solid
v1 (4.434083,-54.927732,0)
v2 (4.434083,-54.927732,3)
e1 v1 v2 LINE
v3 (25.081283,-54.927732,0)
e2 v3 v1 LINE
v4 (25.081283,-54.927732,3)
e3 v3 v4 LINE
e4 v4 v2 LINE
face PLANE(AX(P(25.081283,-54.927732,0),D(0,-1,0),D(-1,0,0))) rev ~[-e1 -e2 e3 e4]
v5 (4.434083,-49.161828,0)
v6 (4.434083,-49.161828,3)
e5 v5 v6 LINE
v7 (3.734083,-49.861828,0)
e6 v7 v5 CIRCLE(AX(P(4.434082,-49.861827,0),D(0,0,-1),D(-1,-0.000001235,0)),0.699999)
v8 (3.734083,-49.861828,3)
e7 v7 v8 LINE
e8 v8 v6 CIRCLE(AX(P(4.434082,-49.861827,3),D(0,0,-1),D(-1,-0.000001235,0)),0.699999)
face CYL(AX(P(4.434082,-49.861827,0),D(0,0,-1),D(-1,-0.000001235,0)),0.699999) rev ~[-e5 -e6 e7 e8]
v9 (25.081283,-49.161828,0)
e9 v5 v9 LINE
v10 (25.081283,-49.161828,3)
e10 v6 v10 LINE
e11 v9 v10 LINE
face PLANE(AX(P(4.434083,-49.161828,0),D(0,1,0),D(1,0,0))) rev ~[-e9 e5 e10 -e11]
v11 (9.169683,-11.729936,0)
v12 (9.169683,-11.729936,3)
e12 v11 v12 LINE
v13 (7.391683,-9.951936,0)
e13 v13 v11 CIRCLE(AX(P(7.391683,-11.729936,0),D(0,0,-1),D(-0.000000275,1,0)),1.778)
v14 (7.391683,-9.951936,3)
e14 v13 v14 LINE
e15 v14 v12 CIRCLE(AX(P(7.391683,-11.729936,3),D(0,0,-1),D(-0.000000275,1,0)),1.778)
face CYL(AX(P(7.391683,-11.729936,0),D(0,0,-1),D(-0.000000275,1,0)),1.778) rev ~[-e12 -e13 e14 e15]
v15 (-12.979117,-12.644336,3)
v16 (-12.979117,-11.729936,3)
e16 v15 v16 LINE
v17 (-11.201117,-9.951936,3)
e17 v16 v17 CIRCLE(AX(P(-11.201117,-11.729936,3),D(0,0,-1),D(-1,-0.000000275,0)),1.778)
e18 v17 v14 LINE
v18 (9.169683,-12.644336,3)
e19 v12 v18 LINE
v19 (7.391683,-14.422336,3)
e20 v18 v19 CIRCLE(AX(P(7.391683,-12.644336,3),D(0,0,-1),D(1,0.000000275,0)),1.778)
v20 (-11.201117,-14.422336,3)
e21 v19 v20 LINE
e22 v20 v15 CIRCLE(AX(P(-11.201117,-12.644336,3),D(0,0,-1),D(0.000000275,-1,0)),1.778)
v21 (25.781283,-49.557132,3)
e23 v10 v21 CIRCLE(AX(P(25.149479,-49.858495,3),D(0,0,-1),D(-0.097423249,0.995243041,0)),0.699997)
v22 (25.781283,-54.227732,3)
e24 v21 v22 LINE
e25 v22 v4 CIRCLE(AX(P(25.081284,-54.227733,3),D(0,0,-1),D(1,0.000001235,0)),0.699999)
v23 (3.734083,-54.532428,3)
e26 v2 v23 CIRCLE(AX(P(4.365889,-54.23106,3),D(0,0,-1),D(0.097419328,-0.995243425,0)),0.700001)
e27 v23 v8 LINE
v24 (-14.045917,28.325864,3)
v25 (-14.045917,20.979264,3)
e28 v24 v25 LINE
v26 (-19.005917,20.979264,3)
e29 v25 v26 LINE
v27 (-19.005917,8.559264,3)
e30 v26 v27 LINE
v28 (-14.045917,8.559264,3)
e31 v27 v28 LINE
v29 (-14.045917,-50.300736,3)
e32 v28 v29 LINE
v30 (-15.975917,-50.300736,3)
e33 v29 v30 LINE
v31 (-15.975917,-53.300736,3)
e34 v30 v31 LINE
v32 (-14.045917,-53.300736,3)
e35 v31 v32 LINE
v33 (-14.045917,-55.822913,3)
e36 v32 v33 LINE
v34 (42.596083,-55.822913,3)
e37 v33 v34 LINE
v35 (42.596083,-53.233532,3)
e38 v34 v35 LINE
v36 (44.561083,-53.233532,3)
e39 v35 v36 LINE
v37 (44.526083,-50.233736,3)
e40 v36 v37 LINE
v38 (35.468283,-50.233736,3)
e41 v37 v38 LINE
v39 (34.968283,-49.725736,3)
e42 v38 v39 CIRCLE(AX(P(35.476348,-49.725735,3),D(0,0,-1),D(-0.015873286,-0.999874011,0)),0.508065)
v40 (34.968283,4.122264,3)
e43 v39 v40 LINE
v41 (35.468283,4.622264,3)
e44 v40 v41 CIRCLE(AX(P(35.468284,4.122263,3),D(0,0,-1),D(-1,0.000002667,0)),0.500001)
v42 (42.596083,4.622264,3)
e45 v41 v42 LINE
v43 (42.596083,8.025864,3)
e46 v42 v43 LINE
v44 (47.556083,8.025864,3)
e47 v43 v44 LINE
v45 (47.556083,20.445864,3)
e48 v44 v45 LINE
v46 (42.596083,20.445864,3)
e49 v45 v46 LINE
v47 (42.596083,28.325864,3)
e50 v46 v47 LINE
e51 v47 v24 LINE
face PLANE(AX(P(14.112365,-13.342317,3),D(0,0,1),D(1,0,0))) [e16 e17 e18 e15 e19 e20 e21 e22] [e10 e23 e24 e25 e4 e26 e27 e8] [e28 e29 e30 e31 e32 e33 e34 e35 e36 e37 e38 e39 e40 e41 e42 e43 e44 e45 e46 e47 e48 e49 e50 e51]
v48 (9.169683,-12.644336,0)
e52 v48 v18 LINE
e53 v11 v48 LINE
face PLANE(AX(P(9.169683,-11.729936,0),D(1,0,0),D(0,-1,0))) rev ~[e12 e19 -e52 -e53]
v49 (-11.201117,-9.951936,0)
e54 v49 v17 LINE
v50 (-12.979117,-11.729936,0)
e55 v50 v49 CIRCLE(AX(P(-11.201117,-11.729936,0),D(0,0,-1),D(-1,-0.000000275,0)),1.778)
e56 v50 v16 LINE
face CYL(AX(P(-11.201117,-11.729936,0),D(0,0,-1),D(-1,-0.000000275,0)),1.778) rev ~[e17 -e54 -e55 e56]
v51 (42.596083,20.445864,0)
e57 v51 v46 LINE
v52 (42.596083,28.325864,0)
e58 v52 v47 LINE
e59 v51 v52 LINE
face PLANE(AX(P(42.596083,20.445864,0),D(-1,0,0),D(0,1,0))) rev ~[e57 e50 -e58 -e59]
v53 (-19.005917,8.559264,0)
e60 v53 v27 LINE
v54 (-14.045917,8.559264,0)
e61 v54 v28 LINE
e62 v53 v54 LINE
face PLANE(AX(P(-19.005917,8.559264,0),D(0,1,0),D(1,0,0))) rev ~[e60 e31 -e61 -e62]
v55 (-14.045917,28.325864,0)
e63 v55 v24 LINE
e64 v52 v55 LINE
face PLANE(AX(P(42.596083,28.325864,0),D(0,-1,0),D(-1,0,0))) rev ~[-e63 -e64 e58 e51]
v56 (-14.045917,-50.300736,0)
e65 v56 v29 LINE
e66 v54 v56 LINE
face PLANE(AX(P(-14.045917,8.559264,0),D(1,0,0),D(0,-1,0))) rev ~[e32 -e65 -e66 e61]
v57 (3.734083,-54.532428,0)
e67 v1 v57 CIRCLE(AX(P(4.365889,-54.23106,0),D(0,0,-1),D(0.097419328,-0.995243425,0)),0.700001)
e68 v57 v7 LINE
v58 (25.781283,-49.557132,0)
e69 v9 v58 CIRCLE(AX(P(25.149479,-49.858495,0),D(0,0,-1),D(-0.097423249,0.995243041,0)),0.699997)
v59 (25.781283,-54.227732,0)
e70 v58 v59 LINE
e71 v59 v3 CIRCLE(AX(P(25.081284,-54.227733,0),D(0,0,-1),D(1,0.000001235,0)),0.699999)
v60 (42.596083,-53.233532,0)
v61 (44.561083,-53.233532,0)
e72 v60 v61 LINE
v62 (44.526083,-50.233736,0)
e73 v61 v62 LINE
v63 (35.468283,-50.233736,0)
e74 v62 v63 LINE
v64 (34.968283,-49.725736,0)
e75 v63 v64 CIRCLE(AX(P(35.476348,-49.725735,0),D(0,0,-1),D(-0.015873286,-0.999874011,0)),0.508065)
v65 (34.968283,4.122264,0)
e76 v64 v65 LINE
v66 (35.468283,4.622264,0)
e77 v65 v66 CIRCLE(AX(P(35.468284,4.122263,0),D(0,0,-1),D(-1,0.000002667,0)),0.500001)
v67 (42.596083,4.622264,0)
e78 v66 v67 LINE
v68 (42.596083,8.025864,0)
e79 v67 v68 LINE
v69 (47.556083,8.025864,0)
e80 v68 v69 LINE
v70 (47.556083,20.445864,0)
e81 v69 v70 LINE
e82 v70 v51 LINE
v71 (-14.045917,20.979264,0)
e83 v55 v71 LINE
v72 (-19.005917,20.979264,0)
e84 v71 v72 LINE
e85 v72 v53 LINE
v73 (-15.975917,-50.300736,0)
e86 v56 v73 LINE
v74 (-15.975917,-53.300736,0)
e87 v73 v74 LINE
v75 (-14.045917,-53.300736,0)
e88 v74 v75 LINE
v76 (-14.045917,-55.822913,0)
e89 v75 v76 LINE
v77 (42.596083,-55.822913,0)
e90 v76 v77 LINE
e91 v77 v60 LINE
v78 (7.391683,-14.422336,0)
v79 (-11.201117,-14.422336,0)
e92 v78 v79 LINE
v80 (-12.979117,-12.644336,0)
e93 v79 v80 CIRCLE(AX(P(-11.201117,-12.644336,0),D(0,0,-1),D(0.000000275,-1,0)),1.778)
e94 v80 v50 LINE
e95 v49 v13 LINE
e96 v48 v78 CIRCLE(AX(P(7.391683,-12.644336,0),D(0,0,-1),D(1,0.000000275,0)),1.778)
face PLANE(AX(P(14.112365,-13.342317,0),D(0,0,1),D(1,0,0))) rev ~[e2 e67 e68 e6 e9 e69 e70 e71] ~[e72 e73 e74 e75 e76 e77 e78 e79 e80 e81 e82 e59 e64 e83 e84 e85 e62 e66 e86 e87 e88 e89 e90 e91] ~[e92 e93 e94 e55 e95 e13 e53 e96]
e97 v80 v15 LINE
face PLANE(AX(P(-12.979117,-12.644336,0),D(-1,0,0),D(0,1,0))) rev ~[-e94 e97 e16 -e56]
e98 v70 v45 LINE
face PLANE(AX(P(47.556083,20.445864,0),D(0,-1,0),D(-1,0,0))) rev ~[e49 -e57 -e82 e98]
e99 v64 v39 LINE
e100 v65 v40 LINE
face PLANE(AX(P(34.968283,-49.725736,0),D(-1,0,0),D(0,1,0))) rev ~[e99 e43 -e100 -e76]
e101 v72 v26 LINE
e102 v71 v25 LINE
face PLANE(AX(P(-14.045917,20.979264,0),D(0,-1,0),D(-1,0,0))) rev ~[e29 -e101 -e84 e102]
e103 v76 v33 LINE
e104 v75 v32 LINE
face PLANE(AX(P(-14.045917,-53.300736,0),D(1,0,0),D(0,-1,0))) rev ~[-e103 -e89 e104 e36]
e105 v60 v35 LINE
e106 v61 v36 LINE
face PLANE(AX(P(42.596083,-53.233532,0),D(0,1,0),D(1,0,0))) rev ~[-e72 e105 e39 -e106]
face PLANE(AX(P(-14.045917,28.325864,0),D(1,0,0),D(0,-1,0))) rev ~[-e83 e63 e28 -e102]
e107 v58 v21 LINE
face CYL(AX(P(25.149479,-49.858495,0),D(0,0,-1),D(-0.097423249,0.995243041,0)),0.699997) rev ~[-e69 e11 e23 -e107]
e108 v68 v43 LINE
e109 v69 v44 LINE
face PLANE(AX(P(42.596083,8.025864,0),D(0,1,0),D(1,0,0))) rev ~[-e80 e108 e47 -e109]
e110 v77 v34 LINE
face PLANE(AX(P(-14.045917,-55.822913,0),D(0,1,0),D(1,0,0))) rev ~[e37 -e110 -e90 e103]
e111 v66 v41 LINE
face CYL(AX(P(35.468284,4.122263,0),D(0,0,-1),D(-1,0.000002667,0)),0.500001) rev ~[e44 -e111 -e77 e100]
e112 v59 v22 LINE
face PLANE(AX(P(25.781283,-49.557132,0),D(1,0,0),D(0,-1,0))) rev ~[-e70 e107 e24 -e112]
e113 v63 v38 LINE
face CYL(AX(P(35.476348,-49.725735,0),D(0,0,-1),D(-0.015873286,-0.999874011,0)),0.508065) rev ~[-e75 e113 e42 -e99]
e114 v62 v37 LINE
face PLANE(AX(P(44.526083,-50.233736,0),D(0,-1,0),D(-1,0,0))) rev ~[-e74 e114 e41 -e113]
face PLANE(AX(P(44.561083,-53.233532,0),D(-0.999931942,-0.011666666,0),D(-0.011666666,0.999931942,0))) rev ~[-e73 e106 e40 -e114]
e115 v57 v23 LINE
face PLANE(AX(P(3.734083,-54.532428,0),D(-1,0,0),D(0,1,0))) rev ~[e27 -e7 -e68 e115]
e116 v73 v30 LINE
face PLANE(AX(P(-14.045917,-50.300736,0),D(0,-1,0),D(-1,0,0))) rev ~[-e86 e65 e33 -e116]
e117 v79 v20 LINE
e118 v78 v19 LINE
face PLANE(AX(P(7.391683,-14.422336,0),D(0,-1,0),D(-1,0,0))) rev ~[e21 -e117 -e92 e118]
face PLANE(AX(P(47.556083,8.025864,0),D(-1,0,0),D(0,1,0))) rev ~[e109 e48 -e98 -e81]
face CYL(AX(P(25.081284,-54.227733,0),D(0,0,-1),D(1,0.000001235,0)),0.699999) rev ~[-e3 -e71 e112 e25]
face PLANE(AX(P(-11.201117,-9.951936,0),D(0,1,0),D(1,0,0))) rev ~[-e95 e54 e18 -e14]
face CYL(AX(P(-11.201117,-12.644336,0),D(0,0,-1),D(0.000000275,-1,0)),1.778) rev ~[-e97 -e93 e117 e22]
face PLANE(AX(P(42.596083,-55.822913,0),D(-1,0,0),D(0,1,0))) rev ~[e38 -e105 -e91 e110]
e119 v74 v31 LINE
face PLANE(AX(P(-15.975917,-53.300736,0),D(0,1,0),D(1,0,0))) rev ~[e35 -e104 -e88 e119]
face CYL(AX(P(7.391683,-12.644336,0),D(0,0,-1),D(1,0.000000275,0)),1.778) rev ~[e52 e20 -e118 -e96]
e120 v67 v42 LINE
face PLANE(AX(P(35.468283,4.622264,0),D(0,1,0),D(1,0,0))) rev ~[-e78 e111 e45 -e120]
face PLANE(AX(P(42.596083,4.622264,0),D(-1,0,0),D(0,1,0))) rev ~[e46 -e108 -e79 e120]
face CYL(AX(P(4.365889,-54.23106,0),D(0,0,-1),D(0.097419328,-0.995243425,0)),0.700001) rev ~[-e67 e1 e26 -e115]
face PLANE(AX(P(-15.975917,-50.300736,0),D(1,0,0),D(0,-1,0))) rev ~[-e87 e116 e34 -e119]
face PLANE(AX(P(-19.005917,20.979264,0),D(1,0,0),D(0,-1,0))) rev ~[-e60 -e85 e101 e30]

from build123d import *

# Parameters (mm, degrees)
F1_DEPTH = 3


with BuildPart() as f1:
    # F0 (on Top) → F1 (new body)
    with BuildSketch(Plane.XY):
        with BuildLine():
            Line((42.596083, 28.325864), (-14.045917, 28.325864))
            Line((-14.045917, 28.325864), (-14.045917, 20.979264))
            Line((-14.045917, 20.979264), (-19.005917, 20.979264))
            Line((-19.005917, 20.979264), (-19.005917, 8.559264))
            Line((-19.005917, 8.559264), (-14.045917, 8.559264))
            Line((-14.045917, 8.559264), (-14.045917, -50.300736))
            Line((-14.045917, -50.300736), (-15.975917, -50.300736))
            Line((-15.975917, -50.300736), (-15.975917, -53.300736))
            Line((-15.975917, -53.300736), (-14.045917, -53.300736))
            Line((-14.045917, -53.300736), (-14.045917, -55.822913))
            Line((-14.045917, -55.822913), (42.596083, -55.822913))
            Line((42.596083, -55.822913), (42.596083, -53.233532))
            Line((42.596083, -53.233532), (44.561083, -53.233532))
            Line((44.561083, -53.233532), (44.526083, -50.233736))
            Line((44.526083, -50.233736), (42.596083, -50.233736))
            Line((42.596083, -50.233736), (40.004083, -50.233736))
            Line((40.004083, -50.233736), (35.468283, -50.233736))
            ThreePointArc((35.468283, -50.233736), (35.114252, -50.082129), (34.968283, -49.725736))
            Line((34.968283, -49.725736), (34.968283, 4.122264))
            ThreePointArc((34.968283, 4.122264), (35.11473, 4.475817), (35.468283, 4.622264))
            Line((35.468283, 4.622264), (42.596083, 4.622264))
            Line((42.596083, 4.622264), (42.596083, 8.025864))
            Line((42.596083, 8.025864), (47.556083, 8.025864))
            Line((47.556083, 8.025864), (47.556083, 20.445864))
            Line((47.556083, 20.445864), (42.596083, 20.445864))
            Line((42.596083, 20.445864), (42.596083, 28.325864))
        make_face()
        with BuildLine():
            Line((4.434083, -49.161828), (14.757683, -49.161828))
            Line((14.757683, -49.161828), (25.081283, -49.161828))
            ThreePointArc((25.081283, -49.161828), (25.493688, -49.248974), (25.781283, -49.557132))
            Line((25.781283, -49.557132), (25.781283, -54.227732))
            ThreePointArc((25.781283, -54.227732), (25.576258, -54.722707), (25.081283, -54.927732))
            Line((25.081283, -54.927732), (14.757683, -54.927732))
            Line((14.757683, -54.927732), (4.434083, -54.927732))
            ThreePointArc((4.434083, -54.927732), (4.021678, -54.840585), (3.734083, -54.532428))
            Line((3.734083, -54.532428), (3.734083, -49.861828))
            ThreePointArc((3.734083, -49.861828), (3.939108, -49.366853), (4.434083, -49.161828))
        make_face(mode=Mode.SUBTRACT)
        with BuildLine():
            ThreePointArc((-12.979117, -11.729936), (-12.458353, -10.4727), (-11.201117, -9.951936))
            Line((-11.201117, -9.951936), (7.391683, -9.951936))
            ThreePointArc((7.391683, -9.951936), (8.648919, -10.4727), (9.169683, -11.729936))
            Line((9.169683, -11.729936), (9.169683, -12.644336))
            ThreePointArc((9.169683, -12.644336), (8.648919, -13.901572), (7.391683, -14.422336))
            Line((7.391683, -14.422336), (-11.201117, -14.422336))
            ThreePointArc((-11.201117, -14.422336), (-12.458353, -13.901572), (-12.979117, -12.644336))
            Line((-12.979117, -12.644336), (-12.979117, -11.729936))
        make_face(mode=Mode.SUBTRACT)
    extrude(amount=F1_DEPTH)


solid = f1.part
